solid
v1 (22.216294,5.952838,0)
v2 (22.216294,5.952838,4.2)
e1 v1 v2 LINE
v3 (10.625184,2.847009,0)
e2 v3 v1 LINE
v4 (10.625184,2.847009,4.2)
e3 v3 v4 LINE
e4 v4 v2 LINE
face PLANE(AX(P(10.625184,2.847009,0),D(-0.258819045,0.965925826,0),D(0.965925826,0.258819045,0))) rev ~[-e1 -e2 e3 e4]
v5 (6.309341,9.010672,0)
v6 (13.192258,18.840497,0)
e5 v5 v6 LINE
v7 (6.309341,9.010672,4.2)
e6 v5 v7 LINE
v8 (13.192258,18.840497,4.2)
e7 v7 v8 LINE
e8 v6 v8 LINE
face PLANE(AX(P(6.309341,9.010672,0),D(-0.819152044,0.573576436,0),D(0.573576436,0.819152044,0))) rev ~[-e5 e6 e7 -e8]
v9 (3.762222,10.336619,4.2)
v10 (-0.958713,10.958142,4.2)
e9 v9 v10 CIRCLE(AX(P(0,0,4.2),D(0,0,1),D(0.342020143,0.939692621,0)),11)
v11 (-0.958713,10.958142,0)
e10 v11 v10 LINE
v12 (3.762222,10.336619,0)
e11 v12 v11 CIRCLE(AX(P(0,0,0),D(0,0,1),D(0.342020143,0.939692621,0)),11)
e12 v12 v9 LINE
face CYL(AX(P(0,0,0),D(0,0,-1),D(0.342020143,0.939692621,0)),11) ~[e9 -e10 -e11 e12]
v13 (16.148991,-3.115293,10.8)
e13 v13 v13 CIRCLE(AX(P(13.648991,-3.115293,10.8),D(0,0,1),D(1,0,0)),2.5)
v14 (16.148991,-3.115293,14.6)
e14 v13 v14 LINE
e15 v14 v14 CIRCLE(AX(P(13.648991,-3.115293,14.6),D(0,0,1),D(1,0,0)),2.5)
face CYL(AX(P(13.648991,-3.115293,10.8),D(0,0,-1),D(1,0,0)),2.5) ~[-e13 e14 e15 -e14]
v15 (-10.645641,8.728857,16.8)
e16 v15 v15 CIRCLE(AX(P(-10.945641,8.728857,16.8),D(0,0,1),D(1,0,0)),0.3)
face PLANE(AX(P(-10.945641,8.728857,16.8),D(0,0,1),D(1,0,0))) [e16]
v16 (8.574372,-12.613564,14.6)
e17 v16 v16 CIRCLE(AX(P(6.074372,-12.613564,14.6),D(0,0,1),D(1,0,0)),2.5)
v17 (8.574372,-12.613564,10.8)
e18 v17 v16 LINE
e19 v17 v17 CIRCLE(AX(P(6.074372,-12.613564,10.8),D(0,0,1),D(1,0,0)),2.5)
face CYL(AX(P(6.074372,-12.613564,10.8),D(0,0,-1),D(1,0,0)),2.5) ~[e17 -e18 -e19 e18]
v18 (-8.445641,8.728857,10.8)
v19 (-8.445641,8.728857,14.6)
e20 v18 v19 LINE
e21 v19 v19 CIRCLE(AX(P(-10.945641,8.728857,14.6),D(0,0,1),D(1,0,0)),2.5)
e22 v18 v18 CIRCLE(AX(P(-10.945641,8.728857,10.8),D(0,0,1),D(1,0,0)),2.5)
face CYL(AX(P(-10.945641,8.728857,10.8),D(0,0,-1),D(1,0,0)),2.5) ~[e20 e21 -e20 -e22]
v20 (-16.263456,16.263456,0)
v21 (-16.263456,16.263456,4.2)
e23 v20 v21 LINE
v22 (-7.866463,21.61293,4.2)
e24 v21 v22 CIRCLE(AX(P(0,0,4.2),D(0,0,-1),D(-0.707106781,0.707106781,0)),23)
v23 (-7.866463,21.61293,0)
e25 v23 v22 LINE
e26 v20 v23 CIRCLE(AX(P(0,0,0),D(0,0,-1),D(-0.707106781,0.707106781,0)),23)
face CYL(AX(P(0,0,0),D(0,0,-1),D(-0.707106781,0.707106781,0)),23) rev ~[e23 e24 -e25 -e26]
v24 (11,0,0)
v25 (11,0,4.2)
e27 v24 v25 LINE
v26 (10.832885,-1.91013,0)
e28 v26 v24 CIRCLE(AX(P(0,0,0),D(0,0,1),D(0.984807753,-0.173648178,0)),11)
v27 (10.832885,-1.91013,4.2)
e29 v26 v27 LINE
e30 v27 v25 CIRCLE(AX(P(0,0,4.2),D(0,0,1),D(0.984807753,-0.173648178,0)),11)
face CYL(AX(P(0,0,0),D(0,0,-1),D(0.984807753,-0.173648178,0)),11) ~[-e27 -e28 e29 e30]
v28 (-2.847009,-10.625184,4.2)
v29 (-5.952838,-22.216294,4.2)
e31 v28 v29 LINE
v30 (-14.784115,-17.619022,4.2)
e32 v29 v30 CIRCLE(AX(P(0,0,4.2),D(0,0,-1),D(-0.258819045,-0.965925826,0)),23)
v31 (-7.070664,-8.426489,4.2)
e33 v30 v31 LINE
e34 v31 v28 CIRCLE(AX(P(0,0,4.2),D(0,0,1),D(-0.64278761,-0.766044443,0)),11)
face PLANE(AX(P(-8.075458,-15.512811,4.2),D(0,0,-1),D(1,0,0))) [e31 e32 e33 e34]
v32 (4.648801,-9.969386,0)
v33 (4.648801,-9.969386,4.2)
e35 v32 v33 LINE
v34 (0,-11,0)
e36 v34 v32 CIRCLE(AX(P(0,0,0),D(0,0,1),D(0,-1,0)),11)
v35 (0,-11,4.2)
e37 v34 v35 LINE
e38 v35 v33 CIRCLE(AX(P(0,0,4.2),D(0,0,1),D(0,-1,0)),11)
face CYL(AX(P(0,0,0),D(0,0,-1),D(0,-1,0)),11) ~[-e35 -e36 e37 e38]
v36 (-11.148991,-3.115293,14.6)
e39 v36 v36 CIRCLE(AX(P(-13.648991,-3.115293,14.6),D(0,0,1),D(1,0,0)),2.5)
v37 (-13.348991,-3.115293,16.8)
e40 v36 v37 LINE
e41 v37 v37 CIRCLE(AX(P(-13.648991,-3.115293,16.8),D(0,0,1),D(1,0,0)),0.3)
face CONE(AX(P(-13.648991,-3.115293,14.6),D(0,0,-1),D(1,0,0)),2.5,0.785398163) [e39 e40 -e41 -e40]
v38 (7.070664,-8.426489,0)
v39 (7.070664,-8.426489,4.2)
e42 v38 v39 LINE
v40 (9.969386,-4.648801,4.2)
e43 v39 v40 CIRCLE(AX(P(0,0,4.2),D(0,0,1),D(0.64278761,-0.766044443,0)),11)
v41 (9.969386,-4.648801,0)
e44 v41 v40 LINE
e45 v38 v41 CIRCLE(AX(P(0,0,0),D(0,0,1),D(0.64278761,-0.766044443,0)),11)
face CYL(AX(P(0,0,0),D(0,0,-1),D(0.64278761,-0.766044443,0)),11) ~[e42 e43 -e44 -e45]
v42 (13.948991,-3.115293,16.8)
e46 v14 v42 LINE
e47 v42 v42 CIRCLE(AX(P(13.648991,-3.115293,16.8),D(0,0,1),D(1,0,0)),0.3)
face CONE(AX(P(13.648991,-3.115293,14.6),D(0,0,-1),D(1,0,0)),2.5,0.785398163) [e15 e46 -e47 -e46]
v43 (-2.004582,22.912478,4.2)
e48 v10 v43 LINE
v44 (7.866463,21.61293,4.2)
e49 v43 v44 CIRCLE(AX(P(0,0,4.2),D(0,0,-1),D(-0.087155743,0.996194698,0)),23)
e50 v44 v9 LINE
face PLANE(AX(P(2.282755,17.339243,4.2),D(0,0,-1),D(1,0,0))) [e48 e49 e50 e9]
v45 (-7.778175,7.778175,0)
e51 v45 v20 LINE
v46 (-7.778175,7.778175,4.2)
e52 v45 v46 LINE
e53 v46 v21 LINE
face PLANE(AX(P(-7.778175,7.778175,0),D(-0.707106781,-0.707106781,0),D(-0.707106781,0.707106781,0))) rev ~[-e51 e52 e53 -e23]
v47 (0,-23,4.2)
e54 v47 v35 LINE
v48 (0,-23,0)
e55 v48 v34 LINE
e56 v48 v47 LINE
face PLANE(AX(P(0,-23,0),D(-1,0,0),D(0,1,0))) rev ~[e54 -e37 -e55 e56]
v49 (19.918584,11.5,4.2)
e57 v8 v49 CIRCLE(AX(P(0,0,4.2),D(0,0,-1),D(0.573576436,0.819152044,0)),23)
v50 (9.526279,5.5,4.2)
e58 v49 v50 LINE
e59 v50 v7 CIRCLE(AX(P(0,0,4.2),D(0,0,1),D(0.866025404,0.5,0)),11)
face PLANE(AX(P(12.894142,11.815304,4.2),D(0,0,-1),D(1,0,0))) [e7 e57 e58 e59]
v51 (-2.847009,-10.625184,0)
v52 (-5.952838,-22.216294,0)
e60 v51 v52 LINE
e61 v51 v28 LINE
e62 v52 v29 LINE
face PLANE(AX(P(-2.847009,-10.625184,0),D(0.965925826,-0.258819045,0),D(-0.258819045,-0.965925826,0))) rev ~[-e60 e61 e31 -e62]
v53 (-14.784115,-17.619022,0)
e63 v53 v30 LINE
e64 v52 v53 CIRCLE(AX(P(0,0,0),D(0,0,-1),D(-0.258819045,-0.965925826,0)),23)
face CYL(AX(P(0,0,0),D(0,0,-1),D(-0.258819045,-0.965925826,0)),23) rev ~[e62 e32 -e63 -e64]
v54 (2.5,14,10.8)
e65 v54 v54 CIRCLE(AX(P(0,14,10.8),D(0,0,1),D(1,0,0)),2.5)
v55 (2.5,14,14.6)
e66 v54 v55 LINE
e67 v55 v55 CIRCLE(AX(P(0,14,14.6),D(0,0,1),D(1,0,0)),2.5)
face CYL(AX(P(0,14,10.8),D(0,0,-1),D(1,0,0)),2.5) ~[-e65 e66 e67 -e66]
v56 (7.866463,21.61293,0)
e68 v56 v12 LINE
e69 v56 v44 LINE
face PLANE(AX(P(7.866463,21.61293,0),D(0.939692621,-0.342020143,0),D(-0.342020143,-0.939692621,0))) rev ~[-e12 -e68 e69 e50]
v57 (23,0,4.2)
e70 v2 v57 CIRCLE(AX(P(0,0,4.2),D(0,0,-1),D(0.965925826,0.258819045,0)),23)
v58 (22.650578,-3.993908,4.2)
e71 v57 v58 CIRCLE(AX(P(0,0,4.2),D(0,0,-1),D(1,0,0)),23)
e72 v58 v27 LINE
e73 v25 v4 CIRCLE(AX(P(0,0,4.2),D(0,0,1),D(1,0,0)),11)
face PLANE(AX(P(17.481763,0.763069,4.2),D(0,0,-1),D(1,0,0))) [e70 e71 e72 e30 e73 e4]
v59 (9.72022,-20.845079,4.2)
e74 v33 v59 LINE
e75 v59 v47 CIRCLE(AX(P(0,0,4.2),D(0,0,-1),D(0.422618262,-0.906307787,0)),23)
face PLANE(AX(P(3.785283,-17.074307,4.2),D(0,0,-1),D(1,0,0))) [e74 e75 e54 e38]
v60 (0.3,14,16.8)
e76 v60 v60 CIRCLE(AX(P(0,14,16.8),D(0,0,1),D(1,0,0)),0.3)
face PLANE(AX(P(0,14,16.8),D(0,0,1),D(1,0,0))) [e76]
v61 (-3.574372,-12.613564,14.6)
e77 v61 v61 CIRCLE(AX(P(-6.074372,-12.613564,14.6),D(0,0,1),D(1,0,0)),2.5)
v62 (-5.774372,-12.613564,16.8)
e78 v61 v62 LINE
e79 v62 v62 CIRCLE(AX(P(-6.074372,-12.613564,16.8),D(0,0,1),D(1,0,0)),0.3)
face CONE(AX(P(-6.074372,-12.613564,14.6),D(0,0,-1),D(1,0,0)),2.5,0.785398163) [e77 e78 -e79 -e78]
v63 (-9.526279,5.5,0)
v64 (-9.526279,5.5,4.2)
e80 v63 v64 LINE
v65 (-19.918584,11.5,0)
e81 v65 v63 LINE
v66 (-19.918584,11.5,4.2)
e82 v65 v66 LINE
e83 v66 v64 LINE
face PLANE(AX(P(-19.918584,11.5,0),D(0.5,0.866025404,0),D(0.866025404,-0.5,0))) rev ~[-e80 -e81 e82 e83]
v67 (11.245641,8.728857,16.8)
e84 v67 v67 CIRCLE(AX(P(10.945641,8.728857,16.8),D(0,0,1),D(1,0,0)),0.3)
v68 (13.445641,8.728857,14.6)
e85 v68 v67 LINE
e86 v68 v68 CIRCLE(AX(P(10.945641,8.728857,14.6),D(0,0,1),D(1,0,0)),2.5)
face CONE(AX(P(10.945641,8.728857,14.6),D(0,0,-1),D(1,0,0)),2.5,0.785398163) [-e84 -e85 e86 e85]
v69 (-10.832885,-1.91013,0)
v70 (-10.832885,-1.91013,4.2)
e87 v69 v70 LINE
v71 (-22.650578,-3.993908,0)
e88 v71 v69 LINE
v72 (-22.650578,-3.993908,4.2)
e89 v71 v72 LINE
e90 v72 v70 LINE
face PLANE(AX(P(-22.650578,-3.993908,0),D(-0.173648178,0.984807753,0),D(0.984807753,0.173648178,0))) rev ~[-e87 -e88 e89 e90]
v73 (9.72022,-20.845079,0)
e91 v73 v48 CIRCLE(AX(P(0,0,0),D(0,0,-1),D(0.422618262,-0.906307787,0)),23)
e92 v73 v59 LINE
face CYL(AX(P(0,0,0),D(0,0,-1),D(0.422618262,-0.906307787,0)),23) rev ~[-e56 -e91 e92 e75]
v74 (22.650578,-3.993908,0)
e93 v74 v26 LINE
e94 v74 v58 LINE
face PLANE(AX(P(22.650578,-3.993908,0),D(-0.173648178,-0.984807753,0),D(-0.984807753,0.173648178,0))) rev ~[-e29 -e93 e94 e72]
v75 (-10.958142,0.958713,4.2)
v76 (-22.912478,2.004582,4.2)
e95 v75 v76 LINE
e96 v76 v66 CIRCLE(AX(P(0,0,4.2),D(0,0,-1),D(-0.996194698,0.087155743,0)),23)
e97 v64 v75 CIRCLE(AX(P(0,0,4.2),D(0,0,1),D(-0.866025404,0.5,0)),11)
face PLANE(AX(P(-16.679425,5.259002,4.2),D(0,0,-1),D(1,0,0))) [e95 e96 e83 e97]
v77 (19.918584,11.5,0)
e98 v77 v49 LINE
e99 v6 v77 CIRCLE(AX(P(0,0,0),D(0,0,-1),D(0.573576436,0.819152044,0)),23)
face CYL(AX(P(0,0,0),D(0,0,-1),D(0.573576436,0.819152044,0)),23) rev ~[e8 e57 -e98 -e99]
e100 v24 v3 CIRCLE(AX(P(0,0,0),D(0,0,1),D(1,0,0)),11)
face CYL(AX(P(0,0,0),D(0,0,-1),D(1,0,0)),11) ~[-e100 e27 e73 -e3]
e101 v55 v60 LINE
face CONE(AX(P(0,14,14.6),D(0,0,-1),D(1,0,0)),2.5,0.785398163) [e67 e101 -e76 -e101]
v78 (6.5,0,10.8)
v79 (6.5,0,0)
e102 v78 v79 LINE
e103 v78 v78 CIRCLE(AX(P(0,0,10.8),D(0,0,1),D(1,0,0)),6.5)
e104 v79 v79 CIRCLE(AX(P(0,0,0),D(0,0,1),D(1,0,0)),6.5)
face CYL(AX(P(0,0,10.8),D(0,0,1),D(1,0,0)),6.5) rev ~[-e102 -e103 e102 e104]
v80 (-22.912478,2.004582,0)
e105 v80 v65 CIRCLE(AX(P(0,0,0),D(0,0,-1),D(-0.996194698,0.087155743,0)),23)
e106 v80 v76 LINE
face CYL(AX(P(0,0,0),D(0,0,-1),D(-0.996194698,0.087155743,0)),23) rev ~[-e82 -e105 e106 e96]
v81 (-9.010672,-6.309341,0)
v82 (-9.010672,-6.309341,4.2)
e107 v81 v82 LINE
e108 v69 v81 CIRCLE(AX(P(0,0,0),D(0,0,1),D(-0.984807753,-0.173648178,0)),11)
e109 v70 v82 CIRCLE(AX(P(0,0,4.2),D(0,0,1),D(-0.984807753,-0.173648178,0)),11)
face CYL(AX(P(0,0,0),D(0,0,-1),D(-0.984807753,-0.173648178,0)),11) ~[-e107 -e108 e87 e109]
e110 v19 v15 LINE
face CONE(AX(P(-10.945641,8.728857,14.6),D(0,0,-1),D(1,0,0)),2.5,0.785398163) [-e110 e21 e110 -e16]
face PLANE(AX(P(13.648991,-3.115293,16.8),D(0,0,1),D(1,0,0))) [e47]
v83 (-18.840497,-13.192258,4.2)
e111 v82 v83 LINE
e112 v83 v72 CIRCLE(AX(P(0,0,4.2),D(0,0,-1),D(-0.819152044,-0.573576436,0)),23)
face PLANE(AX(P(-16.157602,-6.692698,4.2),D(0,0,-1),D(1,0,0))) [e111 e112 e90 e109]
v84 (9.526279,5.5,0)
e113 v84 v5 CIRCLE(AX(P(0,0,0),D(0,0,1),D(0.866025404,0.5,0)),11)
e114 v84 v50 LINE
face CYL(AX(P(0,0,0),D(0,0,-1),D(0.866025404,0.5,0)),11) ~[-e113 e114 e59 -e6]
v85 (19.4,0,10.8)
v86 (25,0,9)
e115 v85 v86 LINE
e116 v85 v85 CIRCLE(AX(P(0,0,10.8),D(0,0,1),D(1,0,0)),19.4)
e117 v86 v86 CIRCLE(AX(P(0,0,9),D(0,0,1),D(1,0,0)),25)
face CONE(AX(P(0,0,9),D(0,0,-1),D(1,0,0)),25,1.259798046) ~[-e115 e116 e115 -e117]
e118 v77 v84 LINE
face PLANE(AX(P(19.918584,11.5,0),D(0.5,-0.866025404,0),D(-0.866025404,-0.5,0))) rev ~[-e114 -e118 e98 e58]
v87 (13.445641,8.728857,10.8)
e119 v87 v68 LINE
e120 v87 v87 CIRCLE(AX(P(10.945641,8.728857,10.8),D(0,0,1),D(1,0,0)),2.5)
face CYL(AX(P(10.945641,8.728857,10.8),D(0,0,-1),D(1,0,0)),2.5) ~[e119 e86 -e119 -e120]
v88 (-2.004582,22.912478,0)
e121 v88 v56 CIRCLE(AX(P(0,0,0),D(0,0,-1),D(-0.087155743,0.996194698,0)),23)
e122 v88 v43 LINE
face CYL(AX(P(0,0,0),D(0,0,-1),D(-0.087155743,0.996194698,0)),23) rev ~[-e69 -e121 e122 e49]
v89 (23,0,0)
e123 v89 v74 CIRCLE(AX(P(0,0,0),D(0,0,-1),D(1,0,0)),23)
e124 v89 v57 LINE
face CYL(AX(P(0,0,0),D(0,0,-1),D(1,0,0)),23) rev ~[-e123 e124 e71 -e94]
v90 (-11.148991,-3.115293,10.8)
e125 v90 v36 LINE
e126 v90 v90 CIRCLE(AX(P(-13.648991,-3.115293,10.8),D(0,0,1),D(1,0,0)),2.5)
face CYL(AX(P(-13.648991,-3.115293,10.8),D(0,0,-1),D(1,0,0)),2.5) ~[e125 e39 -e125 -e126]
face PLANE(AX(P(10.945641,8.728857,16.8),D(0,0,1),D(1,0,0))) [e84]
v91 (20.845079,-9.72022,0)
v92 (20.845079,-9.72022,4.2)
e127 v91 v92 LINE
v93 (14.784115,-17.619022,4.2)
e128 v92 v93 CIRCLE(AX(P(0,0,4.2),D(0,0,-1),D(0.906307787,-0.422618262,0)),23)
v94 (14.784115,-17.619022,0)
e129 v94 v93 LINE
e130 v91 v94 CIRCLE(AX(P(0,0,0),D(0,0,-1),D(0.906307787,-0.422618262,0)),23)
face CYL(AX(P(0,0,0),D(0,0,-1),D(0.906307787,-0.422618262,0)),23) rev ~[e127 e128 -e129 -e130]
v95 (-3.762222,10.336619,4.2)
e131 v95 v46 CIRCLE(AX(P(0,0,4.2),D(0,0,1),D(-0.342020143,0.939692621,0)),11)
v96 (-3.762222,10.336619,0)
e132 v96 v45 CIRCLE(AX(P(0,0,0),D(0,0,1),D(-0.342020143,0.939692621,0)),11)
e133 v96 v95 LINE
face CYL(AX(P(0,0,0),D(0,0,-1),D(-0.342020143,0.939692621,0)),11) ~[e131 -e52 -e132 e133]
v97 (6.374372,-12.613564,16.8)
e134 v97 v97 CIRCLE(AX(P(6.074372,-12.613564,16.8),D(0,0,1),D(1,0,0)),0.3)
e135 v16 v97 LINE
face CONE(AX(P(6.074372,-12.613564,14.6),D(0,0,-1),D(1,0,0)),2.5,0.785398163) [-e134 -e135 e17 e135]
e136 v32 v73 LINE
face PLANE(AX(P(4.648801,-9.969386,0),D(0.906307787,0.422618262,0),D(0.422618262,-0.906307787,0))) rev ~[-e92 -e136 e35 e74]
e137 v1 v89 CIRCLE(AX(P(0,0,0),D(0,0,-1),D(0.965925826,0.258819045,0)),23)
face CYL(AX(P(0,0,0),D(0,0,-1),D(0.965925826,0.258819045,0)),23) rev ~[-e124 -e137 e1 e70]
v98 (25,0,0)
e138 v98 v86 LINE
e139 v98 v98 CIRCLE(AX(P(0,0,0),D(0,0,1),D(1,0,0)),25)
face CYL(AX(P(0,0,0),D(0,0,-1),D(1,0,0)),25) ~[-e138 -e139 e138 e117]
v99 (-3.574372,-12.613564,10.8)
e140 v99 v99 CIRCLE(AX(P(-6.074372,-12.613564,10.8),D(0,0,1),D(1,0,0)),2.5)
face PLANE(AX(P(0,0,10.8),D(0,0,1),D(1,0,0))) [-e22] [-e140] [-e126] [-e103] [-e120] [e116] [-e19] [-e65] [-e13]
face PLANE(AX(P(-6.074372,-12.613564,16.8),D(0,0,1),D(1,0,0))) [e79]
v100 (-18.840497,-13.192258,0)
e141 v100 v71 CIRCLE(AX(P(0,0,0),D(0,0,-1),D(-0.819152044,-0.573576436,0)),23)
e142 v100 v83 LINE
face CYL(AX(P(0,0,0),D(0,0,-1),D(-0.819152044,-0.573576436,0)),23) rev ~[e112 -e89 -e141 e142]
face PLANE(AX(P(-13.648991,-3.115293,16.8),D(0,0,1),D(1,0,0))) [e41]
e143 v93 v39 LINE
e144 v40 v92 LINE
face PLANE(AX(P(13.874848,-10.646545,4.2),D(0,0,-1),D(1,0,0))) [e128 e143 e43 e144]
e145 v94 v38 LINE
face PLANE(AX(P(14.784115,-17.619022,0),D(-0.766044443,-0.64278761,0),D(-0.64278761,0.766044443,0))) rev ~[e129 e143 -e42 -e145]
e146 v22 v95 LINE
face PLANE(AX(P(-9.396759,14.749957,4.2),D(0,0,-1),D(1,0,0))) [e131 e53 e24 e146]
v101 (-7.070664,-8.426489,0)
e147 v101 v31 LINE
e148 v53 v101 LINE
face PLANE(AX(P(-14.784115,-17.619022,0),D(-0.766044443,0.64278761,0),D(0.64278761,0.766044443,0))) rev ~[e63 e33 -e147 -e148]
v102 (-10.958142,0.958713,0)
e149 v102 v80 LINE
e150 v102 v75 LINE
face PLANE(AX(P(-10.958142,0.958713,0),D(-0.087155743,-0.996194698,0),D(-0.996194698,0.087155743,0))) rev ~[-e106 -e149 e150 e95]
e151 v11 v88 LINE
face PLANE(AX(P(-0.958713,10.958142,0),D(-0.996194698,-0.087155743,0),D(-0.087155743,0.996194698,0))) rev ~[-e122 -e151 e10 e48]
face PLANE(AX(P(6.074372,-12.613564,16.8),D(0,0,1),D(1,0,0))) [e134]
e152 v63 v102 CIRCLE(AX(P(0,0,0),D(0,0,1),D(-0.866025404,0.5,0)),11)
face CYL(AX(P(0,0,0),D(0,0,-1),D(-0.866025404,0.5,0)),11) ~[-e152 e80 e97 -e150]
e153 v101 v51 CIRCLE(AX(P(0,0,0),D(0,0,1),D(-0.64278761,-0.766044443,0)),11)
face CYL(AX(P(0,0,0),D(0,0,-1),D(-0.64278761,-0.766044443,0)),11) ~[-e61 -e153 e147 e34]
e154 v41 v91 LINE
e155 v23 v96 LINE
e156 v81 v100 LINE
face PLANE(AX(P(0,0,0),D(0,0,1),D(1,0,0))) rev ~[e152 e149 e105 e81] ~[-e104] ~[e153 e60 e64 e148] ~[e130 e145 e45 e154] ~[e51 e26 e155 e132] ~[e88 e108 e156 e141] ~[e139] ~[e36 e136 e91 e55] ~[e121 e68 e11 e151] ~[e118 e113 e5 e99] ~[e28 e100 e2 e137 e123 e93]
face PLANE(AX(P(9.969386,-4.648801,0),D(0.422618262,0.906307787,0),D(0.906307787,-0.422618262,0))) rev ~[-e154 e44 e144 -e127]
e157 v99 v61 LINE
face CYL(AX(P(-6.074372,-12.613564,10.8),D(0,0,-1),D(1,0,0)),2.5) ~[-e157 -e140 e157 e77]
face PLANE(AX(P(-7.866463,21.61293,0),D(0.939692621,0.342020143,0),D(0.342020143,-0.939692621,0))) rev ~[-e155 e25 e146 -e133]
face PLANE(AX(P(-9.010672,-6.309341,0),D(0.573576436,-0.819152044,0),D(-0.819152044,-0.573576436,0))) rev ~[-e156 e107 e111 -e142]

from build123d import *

# Parameters (mm, degrees)
F0_R     = 25
F1_DEPTH = 10.8
F2_SIZE2 = 1.8
F2_SIZE  = 5.6
F3_R     = 2.5
F4_DEPTH = 6
F5_SIZE  = 2.2
F3_R_2   = 6.5
F6_DEPTH = 10.801
F8_DEPTH = 4.2


with BuildPart() as f1:
    # F0 (on Top) → F1 (new body)
    with BuildSketch(Plane.XY):
        Circle(F0_R)
    extrude(amount=F1_DEPTH)

    # F2
    f2_edges = [f1.edges().sort_by_distance(p)[0] for p in [
        (-25, 0, 10.8),
    ]]
    f2_side = f1.faces().sort_by_distance((0, 0, 10.8))[0]
    chamfer(f2_edges, length=F2_SIZE, length2=F2_SIZE2, reference=f2_side)

    # F3 (on face) → F4 (join)
    with BuildSketch(Plane.XY.offset(10.8)):
        with Locations((-10.9456407546, 8.728857226)):
            Circle(F3_R)
        with Locations((0, 14)):
            Circle(F3_R)
        with Locations((10.9456407546, 8.728857226)):
            Circle(F3_R)
        with Locations((13.6489907705, -3.1152930754)):
            Circle(F3_R)
        with Locations((6.0743723476, -12.6135641506)):
            Circle(F3_R)
        with Locations((-6.0743723476, -12.6135641506)):
            Circle(F3_R)
        with Locations((-13.6489907705, -3.1152930754)):
            Circle(F3_R)
    extrude(amount=F4_DEPTH)

    # F5
    f5_edges = [f1.edges().sort_by_distance(p)[0] for p in [
        (-2.5, 14, 16.8),
        (8.445641, 8.728857, 16.8),
        (11.148991, -3.115293, 16.8),
        (3.574372, -12.613564, 16.8),
        (-8.574372, -12.613564, 16.8),
        (-16.148991, -3.115293, 16.8),
        (-13.445641, 8.728857, 16.8),
    ]]
    chamfer(f5_edges, length=F5_SIZE)

    # F3 (on face) → F6 (cut, through all)
    with BuildSketch(Plane.XY.offset(10.8)):
        Circle(F3_R_2)
    extrude(amount=-F6_DEPTH, mode=Mode.SUBTRACT)

    # F7 (on face) → F8 (cut)
    with BuildSketch(Plane(origin=(0, 0, 0), x_dir=(1, 0, 0), z_dir=(0, 0, -1))):
        with BuildLine():
            Line((4.6488008791, 9.9693856574), (9.72022002, 20.8450791018))
            ThreePointArc((9.72022002, 20.8450791018), (4.9781111206, 22.4548081638), (0, 23))
            Line((0, 23), (0, 11))
            ThreePointArc((0, 11), (2.3808357533, 10.7392560783), (4.6488008791, 9.9693856574))
        make_face()
        with BuildLine():
            Line((9.9693856574, 4.6488008791), (20.8450791018, 9.72022002))
            ThreePointArc((20.8450791018, 9.72022002), (18.2471268267, 14.0015128672), (14.7841150228, 17.6190221917))
            Line((14.7841150228, 17.6190221917), (7.0706637066, 8.4264888743))
            ThreePointArc((7.0706637066, 8.4264888743), (8.7268867432, 6.6963757191), (9.9693856574, 4.6488008791))
        make_face()
        with BuildLine():
            ThreePointArc((22.2162940046, -5.9528380374), (22.8032318116, -3.0021024211), (23, 0))
            ThreePointArc((23, 0), (22.9124780561, 2.0045820832), (22.6505783193, 3.9939080863))
            Line((22.6505783193, 3.9939080863), (10.8328852831, 1.9101299543))
            ThreePointArc((10.8328852831, 1.9101299543), (10.958141679, 0.9587131702), (11, 0))
            ThreePointArc((11, 0), (10.9058934751, -1.4357881144), (10.6251840892, -2.8470094961))
            Line((10.6251840892, -2.8470094961), (22.2162940046, -5.9528380374))
        make_face()
        with BuildLine():
            ThreePointArc((13.1922580361, -18.8404970186), (16.9573787466, -15.5385747752), (19.918584287, -11.5))
            Line((19.918584287, -11.5), (9.5262794416, -5.5))
            ThreePointArc((9.5262794416, -5.5), (8.1100507049, -7.4314922838), (6.3093407999, -9.0106724872))
            Line((6.3093407999, -9.0106724872), (13.1922580361, -18.8404970186))
        make_face()
        with BuildLine():
            ThreePointArc((-2.0045820832, -22.9124780561), (3.0021024211, -22.8032318116), (7.8664632965, -21.6129302781))
            Line((7.8664632965, -21.6129302781), (3.7622215766, -10.3366188286))
            ThreePointArc((3.7622215766, -10.3366188286), (1.4357881144, -10.9058934751), (-0.9587131702, -10.958141679))
            Line((-0.9587131702, -10.958141679), (-2.0045820832, -22.9124780561))
        make_face()
        with BuildLine():
            Line((-7.8664632965, -21.6129302781), (-3.7622215766, -10.3366188286))
            ThreePointArc((-3.7622215766, -10.3366188286), (-5.9102956918, -9.2773059039), (-7.7781745931, -7.7781745931))
            Line((-7.7781745931, -7.7781745931), (-16.2634559673, -16.2634559673))
            ThreePointArc((-16.2634559673, -16.2634559673), (-12.357890992, -19.3980032537), (-7.8664632965, -21.6129302781))
        make_face()
        with BuildLine():
            Line((-19.918584287, -11.5), (-9.5262794416, -5.5))
            ThreePointArc((-9.5262794416, -5.5), (-10.4908864582, -3.3077637945), (-10.958141679, -0.9587131702))
            Line((-10.958141679, -0.9587131702), (-22.9124780561, -2.0045820832))
            ThreePointArc((-22.9124780561, -2.0045820832), (-21.9354898672, -6.9162333886), (-19.918584287, -11.5))
        make_face()
        with BuildLine():
            Line((-22.6505783193, 3.9939080863), (-10.8328852831, 1.9101299543))
            ThreePointArc((-10.8328852831, 1.9101299543), (-10.1626748576, 4.209517756), (-9.0106724872, 6.3093407999))
            Line((-9.0106724872, 6.3093407999), (-18.8404970186, 13.1922580361))
            ThreePointArc((-18.8404970186, 13.1922580361), (-21.2492292478, 8.8017189444), (-22.6505783193, 3.9939080863))
        make_face()
        with BuildLine():
            Line((-2.8470094961, 10.6251840892), (-5.9528380374, 22.2162940046))
            ThreePointArc((-5.9528380374, 22.2162940046), (-10.6202181044, 20.4012491631), (-14.7841150228, 17.6190221917))
            Line((-14.7841150228, 17.6190221917), (-7.0706637066, 8.4264888743))
            ThreePointArc((-7.0706637066, 8.4264888743), (-5.0792347456, 9.757119165), (-2.8470094961, 10.6251840892))
        make_face()
    extrude(amount=-F8_DEPTH, mode=Mode.SUBTRACT)


solid = f1.part
